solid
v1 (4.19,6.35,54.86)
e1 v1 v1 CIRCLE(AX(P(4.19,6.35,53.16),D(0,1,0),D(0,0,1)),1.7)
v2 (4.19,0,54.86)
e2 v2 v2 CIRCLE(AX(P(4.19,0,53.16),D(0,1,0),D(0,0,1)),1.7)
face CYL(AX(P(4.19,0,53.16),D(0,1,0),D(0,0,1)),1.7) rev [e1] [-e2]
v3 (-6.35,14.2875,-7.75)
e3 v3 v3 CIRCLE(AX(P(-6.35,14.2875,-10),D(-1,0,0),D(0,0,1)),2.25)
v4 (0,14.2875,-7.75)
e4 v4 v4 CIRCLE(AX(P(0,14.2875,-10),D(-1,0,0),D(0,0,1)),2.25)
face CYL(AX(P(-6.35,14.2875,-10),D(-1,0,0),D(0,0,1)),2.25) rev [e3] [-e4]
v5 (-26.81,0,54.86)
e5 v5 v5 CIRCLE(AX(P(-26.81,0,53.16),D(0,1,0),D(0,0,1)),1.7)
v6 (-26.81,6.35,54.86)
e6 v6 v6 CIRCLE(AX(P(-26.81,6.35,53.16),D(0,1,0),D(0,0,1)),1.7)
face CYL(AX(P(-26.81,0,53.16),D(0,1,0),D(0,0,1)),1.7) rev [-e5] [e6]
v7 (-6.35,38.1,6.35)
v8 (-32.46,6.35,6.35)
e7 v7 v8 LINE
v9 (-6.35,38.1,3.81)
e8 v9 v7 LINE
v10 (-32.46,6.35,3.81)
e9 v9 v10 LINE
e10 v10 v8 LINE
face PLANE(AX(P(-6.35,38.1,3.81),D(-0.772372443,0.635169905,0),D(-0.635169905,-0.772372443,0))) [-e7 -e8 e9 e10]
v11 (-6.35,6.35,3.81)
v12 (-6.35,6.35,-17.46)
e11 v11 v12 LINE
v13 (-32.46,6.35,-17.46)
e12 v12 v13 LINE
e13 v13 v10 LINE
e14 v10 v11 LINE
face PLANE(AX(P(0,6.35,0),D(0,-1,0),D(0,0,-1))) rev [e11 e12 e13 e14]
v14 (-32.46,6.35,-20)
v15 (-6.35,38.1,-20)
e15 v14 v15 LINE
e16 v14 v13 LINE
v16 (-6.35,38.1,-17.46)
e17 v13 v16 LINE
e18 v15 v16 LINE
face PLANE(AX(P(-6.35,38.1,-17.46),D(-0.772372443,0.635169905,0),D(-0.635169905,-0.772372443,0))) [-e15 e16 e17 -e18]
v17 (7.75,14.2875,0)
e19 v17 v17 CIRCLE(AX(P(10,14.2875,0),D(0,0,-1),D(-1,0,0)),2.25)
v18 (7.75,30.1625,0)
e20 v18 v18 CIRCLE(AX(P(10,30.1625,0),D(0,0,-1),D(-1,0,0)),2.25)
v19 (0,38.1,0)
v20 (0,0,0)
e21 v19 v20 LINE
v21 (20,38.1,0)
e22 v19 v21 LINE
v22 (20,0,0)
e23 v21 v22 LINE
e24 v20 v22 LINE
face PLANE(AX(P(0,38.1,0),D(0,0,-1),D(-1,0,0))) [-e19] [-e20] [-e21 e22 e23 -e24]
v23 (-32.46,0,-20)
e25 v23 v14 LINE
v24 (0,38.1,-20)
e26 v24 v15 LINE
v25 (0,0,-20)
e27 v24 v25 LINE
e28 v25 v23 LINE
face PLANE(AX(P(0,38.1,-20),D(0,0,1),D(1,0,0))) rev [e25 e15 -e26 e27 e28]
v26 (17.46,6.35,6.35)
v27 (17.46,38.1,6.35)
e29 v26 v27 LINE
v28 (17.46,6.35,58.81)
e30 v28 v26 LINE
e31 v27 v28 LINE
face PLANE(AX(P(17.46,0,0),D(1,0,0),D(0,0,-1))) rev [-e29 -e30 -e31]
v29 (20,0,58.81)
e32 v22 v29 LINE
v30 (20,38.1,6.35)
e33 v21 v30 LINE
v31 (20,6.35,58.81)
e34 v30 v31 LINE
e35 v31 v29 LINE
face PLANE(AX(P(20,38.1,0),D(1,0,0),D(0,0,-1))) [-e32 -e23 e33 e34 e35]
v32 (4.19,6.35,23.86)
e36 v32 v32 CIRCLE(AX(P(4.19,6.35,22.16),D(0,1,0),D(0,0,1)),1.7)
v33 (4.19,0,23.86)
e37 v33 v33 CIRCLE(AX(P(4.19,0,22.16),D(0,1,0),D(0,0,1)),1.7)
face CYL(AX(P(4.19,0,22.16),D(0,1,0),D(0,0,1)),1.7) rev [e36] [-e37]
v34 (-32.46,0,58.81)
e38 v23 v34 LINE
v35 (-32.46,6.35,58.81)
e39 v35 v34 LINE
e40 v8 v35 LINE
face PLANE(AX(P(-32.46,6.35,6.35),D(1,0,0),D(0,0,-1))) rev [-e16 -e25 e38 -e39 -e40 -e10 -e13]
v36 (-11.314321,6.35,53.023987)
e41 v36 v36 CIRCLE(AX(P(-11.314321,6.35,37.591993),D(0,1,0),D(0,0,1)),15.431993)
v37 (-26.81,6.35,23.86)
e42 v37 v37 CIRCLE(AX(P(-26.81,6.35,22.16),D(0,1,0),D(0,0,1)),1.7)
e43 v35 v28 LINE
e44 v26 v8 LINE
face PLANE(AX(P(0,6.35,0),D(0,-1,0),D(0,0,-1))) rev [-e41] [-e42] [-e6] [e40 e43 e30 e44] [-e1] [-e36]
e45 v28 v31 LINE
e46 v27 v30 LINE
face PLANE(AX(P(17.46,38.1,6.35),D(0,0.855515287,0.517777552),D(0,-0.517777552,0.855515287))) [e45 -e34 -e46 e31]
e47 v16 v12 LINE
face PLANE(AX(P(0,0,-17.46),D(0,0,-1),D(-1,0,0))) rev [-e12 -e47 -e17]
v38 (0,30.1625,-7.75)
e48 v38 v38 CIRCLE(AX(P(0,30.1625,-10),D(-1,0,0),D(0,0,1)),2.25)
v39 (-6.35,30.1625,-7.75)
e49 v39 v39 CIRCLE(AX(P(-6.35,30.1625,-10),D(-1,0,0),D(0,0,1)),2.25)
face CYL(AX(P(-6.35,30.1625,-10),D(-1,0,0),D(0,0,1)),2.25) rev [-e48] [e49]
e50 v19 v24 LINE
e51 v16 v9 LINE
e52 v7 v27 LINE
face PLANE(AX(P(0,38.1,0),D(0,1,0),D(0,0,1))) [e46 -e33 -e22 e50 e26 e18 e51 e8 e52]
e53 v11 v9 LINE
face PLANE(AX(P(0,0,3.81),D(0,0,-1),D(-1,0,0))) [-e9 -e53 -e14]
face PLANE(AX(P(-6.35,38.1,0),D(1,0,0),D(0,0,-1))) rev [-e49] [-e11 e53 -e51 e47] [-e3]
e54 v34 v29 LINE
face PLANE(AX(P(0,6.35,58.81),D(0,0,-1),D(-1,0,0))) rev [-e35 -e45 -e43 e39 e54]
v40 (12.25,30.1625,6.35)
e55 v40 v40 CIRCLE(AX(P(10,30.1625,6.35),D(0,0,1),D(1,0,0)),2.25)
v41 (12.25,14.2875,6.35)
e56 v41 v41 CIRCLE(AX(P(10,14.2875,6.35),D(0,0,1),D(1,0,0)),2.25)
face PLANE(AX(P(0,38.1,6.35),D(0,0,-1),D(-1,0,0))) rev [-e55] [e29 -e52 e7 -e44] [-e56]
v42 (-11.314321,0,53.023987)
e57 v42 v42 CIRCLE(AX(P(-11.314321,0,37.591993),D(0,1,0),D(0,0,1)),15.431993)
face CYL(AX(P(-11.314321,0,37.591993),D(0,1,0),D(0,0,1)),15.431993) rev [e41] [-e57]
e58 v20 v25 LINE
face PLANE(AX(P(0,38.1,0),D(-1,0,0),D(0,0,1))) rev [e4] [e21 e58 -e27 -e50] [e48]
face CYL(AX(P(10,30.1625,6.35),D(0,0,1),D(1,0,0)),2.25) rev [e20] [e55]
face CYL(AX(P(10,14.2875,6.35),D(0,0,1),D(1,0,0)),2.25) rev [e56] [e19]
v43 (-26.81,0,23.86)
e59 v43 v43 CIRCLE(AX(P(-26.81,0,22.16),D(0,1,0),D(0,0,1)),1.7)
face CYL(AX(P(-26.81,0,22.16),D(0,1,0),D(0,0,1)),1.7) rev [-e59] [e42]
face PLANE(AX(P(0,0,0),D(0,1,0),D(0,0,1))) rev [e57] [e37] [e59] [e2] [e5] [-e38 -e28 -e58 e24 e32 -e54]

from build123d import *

# Parameters (mm, degrees)
SKETCH1_W            = 20
SKETCH1_H            = 6.35
SKETCH1_W_2          = 6.35
SKETCH1_H_2          = 20
BOSS_EXTRUDE1_DEPTH  = 38.1
SKETCH2_W            = 42.3
SKETCH2_H            = 10.16
SKETCH2_W_2          = 15.95
SKETCH2_H_2          = 26.35
SKETCH2_W_3          = 10.16
SKETCH2_H_3          = 52.46
BOSS_EXTRUDE3_DEPTH  = 6.35
SKETCH3_R            = 1.7
SKETCH3_R_2          = 15.431993428
CUT_EXTRUDE1_DEPTH   = 6.35
BOSS_EXTRUDE5_DEPTH  = 2.54
SKETCH6_W            = 10.16
SKETCH6_H            = 26.35
BOSS_EXTRUDE6_DEPTH  = 6.35
BOSS_EXTRUDE7_DEPTH  = 2.54
BOSS_EXTRUDE8_DEPTH  = 2.54
M4_CLEARANCE_HOLE2_D = 4.5
M4_CLEARANCE_HOLE3_D = 4.5


with BuildPart() as part:
    # Sketch1 → Boss-Extrude1 (new body)
    with BuildSketch(Plane(origin=(0, 0, 0), x_dir=(1, 0, 0), z_dir=(0, 1, 0))):
        with Locations((10, -3.175)):
            Rectangle(SKETCH1_W, SKETCH1_H)
        with Locations((-3.175, -3.175)):
            Rectangle(SKETCH1_W_2, SKETCH1_H)
        with Locations((-3.175, 10)):
            Rectangle(SKETCH1_W_2, SKETCH1_H_2)
    extrude(amount=BOSS_EXTRUDE1_DEPTH)

    # Sketch2 → Boss-Extrude3 (add)
    with BuildSketch(Plane.XZ):
        Polygon((-6.35, 6.35), (20, 6.35), (20, 48.65), (-22.3, 48.65), (-22.3, 6.35), align=None)
        with Locations((-1.15, 53.73)):
            Rectangle(SKETCH2_W, SKETCH2_H)
        with Locations((-14.325, -6.825)):
            Rectangle(SKETCH2_W_2, SKETCH2_H_2)
        with Locations((-27.38, 32.58)):
            Rectangle(SKETCH2_W_3, SKETCH2_H_3)
    extrude(amount=-BOSS_EXTRUDE3_DEPTH)

    # Sketch3 → Cut-Extrude1 (cut)
    with BuildSketch(Plane(origin=(0, 6.35, 0), x_dir=(1, 0, 0), z_dir=(0, 1, 0))):
        with Locations(Location((4.19, -22.16, 0), (0, 0, 270))):
            Circle(SKETCH3_R)
        with Locations(Location((-26.81, -53.16, 0), (0, 0, 270))):
            Circle(SKETCH3_R)
        with Locations(Location((-26.81, -22.16, 0), (0, 0, 270))):
            Circle(SKETCH3_R)
        with Locations(Location((-11.314321333, -37.591993428, 0), (0, 0, 270))):
            Circle(SKETCH3_R_2)
        with Locations(Location((4.19, -53.16, 0), (0, 0, 270))):
            Circle(SKETCH3_R)
    extrude(amount=-CUT_EXTRUDE1_DEPTH, mode=Mode.SUBTRACT)

    # Sketch5 → Boss-Extrude5 (add)
    with BuildSketch(Plane(origin=(20, 0, 0), x_dir=(0, 0, -1), z_dir=(1, 0, 0))):
        Polygon((-6.35, 38.1), (-58.81, 6.35), (-6.35, 6.35), align=None)
    extrude(amount=-BOSS_EXTRUDE5_DEPTH)

    # Sketch6 → Boss-Extrude6 (add)
    with BuildSketch(Plane(origin=(0, 6.35, 0), x_dir=(1, 0, 0), z_dir=(0, 1, 0))):
        with Locations((-27.38, 6.825)):
            Rectangle(SKETCH6_W, SKETCH6_H)
    extrude(amount=-BOSS_EXTRUDE6_DEPTH)

    # Sketch7 → Boss-Extrude7 (add)
    with BuildSketch(Plane(origin=(0, 0, -20), x_dir=(-1, 0, 0), z_dir=(0, 0, -1))):
        Polygon((6.35, 38.1), (32.46, 6.35), (6.35, 6.35), align=None)
    extrude(amount=-BOSS_EXTRUDE7_DEPTH)

    # Sketch8 → Boss-Extrude8 (add)
    with BuildSketch(Plane.XY.offset(6.35)):
        Polygon((-6.35, 38.1), (-32.46, 6.35), (-6.35, 6.35), align=None)
    extrude(amount=-BOSS_EXTRUDE8_DEPTH)

    # M4 Clearance Hole2 (through all)
    with Locations(Plane.ZY.offset(6.35)):
        with Locations((-10, 30.1625), (-10, 14.2875)):
            Hole(M4_CLEARANCE_HOLE2_D / 2)

    # M4 Clearance Hole3 (through all)
    with Locations(Plane.XY.offset(6.35)):
        with Locations((10, 30.1625), (10, 14.2875)):
            Hole(M4_CLEARANCE_HOLE3_D / 2)


solid = part.part
